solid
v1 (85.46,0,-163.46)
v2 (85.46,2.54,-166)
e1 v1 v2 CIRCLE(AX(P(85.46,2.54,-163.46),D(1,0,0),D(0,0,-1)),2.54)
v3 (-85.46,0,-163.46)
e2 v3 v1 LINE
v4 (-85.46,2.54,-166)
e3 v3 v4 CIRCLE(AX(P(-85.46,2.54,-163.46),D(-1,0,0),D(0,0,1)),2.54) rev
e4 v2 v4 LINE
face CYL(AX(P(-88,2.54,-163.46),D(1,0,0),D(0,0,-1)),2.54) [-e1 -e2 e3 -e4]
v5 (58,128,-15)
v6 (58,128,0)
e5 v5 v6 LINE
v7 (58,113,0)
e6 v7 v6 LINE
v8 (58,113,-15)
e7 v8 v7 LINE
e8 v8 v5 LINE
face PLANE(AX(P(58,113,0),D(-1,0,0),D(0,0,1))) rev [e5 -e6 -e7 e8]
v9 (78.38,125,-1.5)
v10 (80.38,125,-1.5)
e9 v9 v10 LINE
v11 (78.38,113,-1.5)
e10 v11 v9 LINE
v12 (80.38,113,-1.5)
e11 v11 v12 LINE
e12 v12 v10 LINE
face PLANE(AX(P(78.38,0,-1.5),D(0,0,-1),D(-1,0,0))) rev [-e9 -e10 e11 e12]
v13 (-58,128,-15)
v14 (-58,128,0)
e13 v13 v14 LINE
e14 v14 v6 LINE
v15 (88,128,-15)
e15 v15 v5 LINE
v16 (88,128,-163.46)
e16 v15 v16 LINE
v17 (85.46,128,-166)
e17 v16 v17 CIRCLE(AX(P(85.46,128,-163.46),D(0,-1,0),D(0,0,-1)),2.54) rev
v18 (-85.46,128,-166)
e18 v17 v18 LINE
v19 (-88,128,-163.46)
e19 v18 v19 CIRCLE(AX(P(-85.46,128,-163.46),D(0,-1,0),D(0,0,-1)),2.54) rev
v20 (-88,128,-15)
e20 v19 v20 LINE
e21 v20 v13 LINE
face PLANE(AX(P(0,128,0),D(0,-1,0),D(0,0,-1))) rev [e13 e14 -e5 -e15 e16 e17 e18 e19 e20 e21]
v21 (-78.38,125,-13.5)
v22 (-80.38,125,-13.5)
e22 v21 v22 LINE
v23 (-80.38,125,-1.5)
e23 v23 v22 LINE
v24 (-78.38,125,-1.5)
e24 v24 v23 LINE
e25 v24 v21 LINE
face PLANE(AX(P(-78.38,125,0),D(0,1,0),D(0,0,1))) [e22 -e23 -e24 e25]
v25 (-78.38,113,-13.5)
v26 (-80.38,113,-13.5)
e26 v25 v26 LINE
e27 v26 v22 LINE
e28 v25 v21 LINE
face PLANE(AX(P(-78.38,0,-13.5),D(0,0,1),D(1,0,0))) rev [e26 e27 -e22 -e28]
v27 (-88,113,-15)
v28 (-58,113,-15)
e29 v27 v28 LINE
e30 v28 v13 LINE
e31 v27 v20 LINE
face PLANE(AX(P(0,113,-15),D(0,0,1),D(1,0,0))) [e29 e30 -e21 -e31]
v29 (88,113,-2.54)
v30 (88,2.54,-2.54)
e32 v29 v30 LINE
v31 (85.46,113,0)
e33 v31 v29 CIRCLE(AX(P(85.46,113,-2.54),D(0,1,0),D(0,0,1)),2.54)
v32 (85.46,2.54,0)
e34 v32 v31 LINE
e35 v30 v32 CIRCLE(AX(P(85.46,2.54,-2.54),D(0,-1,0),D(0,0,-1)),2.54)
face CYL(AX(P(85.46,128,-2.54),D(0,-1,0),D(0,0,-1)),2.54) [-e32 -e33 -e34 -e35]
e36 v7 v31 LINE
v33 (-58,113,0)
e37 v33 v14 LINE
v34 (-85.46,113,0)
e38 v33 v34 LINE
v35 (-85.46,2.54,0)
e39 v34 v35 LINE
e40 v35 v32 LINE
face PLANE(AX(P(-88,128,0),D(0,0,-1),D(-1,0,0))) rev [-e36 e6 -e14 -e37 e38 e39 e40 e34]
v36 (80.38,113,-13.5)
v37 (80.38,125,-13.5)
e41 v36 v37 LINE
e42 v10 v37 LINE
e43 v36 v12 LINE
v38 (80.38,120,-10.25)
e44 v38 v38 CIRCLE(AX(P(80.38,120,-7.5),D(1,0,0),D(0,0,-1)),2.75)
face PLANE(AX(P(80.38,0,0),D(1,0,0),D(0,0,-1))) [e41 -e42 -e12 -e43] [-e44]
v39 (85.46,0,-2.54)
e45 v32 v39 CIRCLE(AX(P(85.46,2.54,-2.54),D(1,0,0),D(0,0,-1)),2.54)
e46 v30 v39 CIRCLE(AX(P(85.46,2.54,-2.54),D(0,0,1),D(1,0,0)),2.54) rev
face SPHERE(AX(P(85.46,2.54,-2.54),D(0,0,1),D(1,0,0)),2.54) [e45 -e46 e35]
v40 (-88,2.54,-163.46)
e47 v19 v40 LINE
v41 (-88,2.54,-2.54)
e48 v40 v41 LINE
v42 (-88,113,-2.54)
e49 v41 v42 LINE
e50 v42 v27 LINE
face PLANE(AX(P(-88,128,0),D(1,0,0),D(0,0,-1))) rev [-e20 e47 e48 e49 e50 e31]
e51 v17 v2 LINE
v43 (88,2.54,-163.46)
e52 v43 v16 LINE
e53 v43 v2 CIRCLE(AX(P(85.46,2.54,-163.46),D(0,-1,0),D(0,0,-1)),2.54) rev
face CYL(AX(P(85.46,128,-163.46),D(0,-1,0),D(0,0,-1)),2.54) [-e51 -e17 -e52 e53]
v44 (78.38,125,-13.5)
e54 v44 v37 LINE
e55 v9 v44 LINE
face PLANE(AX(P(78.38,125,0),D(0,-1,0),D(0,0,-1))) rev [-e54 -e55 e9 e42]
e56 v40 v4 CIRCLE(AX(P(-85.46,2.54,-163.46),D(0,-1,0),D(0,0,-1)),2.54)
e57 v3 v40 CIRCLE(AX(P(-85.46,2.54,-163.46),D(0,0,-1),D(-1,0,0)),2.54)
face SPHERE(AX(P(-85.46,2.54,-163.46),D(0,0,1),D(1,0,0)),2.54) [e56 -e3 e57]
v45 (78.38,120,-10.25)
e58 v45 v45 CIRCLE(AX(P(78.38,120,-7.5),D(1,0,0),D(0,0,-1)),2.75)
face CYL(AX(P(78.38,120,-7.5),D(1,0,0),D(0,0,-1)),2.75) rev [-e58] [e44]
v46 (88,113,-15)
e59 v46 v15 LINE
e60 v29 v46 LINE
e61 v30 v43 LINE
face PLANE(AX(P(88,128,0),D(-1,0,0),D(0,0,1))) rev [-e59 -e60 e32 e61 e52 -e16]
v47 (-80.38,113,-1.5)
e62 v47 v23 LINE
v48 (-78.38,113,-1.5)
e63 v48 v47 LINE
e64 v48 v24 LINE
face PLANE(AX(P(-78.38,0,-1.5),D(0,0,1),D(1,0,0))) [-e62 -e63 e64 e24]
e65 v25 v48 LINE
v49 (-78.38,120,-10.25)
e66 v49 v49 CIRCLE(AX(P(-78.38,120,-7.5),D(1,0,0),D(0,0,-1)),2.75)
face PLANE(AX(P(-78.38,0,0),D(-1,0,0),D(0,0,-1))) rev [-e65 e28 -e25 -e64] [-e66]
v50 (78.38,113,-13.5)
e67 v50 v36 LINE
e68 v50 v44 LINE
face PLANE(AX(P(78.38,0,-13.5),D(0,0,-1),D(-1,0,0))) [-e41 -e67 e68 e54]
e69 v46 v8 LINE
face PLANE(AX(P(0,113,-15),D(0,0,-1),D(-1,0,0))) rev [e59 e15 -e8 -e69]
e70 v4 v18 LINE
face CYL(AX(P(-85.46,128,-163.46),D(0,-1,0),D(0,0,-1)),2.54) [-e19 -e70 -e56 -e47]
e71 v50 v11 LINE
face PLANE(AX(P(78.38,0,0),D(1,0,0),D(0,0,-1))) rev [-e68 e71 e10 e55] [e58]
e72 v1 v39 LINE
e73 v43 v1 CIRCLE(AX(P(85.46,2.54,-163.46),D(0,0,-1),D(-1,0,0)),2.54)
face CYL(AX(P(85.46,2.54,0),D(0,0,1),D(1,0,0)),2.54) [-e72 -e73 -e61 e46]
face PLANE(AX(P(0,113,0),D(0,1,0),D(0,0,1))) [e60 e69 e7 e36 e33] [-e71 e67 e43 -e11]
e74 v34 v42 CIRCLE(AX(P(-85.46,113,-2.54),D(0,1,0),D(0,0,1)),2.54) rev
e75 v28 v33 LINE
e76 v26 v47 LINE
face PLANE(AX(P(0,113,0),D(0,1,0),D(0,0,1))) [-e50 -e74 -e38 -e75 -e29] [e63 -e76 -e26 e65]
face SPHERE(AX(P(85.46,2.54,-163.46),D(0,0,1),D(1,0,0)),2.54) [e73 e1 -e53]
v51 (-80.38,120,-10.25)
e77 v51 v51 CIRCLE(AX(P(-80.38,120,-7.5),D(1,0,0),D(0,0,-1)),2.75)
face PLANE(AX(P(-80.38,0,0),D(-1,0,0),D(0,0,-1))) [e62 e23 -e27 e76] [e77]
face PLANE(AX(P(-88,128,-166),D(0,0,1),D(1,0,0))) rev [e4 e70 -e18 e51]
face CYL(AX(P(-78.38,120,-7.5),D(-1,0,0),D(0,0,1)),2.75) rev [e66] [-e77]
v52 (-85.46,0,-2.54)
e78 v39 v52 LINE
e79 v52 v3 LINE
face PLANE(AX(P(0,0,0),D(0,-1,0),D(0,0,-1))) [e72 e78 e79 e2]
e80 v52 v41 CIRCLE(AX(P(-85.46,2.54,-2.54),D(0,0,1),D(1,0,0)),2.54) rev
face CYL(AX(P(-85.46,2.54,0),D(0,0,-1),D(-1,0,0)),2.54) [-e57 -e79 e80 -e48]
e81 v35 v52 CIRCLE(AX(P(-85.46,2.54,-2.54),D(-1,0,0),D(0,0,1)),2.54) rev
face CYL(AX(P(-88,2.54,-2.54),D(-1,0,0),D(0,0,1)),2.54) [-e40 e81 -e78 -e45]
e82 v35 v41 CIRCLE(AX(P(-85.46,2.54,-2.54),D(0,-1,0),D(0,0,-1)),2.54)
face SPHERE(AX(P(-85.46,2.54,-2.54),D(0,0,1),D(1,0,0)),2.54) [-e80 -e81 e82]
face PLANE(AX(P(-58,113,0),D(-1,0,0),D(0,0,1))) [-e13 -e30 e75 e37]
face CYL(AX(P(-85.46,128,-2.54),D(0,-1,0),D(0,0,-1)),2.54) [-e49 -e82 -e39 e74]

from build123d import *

# Parameters (mm, degrees)
SKETCH1_W           = 176
SKETCH1_H           = 166
BOSS_EXTRUDE1_DEPTH = 128
SKETCH3_W           = 30
SKETCH3_H           = 15
CUT_EXTRUDE1_DEPTH  = 15
FILLET1_R           = 2.54
SKETCH4_W           = 12
SKETCH4_H           = 12
SKETCH4_R           = 2.75
BOSS_EXTRUDE2_DEPTH = 2


with BuildPart() as part:
    # Sketch1 → Boss-Extrude1 (new body)
    with BuildSketch(Plane(origin=(0, 0, 0), x_dir=(1, 0, 0), z_dir=(0, 1, 0))):
        with Locations((0, 83)):
            Rectangle(SKETCH1_W, SKETCH1_H)
    extrude(amount=BOSS_EXTRUDE1_DEPTH)

    # Sketch3 → Cut-Extrude1 (cut)
    with BuildSketch(Plane(origin=(0, 128, 0), x_dir=(1, 0, 0), z_dir=(0, 1, 0))):
        with Locations((73, 7.5)):
            Rectangle(SKETCH3_W, SKETCH3_H)
    cut_extrude1 = extrude(amount=-CUT_EXTRUDE1_DEPTH, mode=Mode.SUBTRACT)

    # Fillet1
    fillet1_edges = [part.edges().sort_by_distance(p)[0] for p in [
        (88, 56.5, 0),
        (0, 0, -166),
        (88, 0, -83),
        (0, 0, 0),
        (-88, 0, -83),
        (-88, 64, -166),
        (88, 64, -166),
        (-88, 64, 0),
    ]]
    fillet(fillet1_edges, radius=FILLET1_R)

    # Sketch4 → Boss-Extrude2 (add)
    with BuildSketch(Plane(origin=(80.38, 0, 0), x_dir=(0, 0, -1), z_dir=(1, 0, 0))):
        with Locations((7.5, 119)):
            Rectangle(SKETCH4_W, SKETCH4_H)
        with Locations((7.5, 120)):
            Circle(SKETCH4_R, mode=Mode.SUBTRACT)
    boss_extrude2 = extrude(amount=-BOSS_EXTRUDE2_DEPTH)

    # Mirror2: Cut-Extrude1, Boss-Extrude2 across plane
    add(cut_extrude1.mirror(Plane(origin=(0, 0, 0), x_dir=(0, 0, 1), z_dir=(1, 0, 0))), mode=Mode.SUBTRACT)
    add(boss_extrude2.mirror(Plane(origin=(0, 0, 0), x_dir=(0, 0, 1), z_dir=(1, 0, 0))))


solid = part.part
